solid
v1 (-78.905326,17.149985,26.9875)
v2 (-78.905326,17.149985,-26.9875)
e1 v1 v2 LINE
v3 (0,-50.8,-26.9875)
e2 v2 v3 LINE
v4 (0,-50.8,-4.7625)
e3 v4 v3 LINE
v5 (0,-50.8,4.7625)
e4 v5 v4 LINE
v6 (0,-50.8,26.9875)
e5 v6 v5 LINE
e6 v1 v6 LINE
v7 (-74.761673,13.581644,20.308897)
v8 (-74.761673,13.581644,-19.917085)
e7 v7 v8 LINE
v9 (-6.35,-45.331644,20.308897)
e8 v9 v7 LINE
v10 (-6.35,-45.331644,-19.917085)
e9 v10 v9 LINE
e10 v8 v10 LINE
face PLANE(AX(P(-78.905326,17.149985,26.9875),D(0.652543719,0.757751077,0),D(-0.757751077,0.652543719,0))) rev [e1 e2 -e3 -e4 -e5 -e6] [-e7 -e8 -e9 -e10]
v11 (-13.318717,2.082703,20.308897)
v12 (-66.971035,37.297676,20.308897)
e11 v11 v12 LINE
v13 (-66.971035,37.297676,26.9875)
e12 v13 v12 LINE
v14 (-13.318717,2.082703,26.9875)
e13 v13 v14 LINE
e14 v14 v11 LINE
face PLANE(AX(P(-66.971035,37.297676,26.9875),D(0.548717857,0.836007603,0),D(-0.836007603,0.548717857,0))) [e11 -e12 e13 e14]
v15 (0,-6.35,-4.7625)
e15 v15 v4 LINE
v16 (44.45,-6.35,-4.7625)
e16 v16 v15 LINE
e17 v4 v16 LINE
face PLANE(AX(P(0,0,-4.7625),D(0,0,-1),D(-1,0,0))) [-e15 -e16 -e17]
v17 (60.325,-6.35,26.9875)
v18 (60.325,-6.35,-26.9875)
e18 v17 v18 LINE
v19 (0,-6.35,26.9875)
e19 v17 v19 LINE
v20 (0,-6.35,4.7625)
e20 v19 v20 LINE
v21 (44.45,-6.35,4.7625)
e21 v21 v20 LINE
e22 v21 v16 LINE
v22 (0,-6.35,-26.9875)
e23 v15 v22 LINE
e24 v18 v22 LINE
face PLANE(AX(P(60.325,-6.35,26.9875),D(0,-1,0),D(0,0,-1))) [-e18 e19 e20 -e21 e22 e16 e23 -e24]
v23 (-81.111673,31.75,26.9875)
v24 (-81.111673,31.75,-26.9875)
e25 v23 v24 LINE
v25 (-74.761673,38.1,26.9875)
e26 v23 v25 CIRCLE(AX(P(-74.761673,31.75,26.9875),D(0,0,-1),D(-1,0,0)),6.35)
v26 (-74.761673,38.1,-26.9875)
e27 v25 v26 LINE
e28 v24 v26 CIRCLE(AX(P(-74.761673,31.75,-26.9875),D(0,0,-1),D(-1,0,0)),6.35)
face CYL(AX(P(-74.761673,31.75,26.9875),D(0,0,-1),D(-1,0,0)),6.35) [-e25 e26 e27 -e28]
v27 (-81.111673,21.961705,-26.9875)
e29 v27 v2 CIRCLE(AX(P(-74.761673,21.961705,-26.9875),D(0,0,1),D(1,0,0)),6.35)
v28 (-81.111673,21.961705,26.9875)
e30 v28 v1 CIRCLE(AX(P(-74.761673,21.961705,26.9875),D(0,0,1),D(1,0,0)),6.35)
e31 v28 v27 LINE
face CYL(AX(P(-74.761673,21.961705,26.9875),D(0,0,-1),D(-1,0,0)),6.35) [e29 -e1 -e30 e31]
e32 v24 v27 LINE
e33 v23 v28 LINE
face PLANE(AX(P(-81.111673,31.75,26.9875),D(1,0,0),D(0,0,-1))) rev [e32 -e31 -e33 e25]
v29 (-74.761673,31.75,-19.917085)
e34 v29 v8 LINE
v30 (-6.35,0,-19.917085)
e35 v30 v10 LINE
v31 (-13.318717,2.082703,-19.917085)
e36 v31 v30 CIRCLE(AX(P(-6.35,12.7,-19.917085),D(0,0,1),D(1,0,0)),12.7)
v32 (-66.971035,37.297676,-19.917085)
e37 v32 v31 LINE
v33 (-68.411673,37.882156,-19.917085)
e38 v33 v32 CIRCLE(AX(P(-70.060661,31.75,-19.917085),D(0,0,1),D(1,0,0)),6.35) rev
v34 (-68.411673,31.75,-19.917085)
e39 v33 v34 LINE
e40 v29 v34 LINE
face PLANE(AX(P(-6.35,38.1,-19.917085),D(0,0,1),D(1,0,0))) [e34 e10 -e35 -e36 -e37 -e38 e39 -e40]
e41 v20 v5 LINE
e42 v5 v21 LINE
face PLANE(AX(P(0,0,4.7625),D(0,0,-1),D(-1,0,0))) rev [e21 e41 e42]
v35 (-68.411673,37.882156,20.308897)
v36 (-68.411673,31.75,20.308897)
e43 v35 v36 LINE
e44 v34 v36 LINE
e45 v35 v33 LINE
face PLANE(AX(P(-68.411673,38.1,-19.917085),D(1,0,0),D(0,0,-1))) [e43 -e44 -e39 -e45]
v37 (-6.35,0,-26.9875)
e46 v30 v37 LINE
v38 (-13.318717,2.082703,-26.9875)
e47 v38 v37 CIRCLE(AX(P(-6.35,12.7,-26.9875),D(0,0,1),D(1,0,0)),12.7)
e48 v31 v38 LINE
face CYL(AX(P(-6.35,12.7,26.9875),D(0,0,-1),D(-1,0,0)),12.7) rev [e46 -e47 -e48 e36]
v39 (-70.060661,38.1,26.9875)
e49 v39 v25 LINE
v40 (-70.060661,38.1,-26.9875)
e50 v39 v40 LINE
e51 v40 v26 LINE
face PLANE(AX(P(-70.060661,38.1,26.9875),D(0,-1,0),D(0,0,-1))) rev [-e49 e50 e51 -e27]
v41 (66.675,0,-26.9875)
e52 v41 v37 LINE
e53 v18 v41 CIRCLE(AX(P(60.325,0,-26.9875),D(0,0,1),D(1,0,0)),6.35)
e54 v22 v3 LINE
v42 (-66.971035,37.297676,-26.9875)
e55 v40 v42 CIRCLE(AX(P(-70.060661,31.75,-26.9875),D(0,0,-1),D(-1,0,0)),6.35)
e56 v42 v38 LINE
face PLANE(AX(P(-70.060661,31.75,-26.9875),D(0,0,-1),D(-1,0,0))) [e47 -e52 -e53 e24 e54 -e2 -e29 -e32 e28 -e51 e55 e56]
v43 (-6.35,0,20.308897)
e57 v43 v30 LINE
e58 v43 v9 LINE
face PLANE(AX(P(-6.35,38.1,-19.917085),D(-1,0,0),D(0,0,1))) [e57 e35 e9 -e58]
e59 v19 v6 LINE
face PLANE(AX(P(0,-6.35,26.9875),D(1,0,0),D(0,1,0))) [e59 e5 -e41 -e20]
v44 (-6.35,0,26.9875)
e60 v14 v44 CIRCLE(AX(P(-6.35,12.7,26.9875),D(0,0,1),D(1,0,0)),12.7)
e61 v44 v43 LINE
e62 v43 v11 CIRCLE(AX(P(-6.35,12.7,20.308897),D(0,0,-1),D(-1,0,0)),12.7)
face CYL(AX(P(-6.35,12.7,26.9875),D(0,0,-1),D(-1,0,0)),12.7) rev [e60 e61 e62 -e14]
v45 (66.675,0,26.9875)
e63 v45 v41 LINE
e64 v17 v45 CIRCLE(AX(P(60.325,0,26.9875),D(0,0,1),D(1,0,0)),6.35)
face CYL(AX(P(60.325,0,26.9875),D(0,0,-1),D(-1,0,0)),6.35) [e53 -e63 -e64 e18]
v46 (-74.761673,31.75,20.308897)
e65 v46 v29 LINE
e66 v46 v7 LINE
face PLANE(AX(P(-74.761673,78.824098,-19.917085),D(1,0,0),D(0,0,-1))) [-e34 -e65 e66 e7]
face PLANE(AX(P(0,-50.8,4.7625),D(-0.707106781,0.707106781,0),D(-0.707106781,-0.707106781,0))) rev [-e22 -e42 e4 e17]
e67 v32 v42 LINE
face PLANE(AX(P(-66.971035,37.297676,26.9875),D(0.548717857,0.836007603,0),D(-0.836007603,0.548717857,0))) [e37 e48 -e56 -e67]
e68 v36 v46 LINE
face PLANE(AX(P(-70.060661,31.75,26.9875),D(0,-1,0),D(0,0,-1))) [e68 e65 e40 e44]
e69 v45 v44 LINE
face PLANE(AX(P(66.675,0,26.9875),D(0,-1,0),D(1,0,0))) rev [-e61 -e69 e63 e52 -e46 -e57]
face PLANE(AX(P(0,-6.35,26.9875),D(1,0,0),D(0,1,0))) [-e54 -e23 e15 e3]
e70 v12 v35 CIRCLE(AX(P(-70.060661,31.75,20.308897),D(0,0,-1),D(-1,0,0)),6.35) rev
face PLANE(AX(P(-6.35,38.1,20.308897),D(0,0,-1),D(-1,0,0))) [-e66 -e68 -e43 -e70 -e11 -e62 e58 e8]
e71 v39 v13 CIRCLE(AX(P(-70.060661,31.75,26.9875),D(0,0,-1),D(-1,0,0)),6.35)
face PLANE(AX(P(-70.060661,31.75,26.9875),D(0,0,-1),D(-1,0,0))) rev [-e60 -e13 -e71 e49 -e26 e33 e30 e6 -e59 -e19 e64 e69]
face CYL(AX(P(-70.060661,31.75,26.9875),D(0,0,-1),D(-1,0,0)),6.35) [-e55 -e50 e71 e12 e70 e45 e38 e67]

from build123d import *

# Parameters (mm, degrees)
BOSS_EXTRUDE2_DEPTH     = 26.9875
SKETCH3_W               = 62.061672923
SKETCH3_H               = 40.225982375
CUT_EXTRUDE1_DEPTH      = 39.1
CUT_EXTRUDE1_DEPTH_BACK = 51.8
SKETCH4_W               = 6.35
SKETCH4_H               = 40.225982375
CUT_EXTRUDE2_DEPTH      = 31.75
BOSS_EXTRUDE3_DEPTH     = 4.7625


with BuildPart() as part:
    # Sketch1 → Boss-Extrude2 (new body, symmetric)
    with BuildSketch(Plane.XY):
        with BuildLine():
            Line((66.675, 0), (-6.35, 0))
            ThreePointArc((-6.35, 0), (-9.986642245, 0.531810604), (-13.318716788, 2.082703436))
            Line((-13.318716788, 2.082703436), (-66.971034996, 37.297676322))
            ThreePointArc((-66.971034996, 37.297676322), (-68.46461012, 37.896146949), (-70.06066077, 38.1))
            Line((-70.06066077, 38.1), (-74.761672923, 38.1))
            ThreePointArc((-74.761672923, 38.1), (-79.251800983, 36.240128061), (-81.111672923, 31.75))
            Line((-81.111672923, 31.75), (-81.111672923, 21.961704715))
            ThreePointArc((-81.111672923, 21.961704715), (-80.533790997, 19.314979768), (-78.90532554, 17.149985376))
            Line((-78.90532554, 17.149985376), (0, -50.8))
            Line((0, -50.8), (0, -6.35))
            Line((0, -6.35), (60.325, -6.35))
            ThreePointArc((60.325, -6.35), (64.815128061, -4.490128061), (66.675, 0))
        make_face()
    extrude(amount=BOSS_EXTRUDE2_DEPTH, both=True)

    # Sketch3 → Cut-Extrude1 (cut, two sides)
    with BuildSketch(Plane(origin=(0, 0, 0), x_dir=(1, 0, 0), z_dir=(0, 1, 0))) as cut_extrude1_sk:
        with Locations((-37.380836461, -0.195905759)):
            Rectangle(SKETCH3_W, SKETCH3_H)
    extrude(amount=CUT_EXTRUDE1_DEPTH, mode=Mode.SUBTRACT)
    extrude(cut_extrude1_sk.sketch, amount=-CUT_EXTRUDE1_DEPTH_BACK, mode=Mode.SUBTRACT)

    # Sketch4 → Cut-Extrude2 (cut)
    with BuildSketch(Plane(origin=(0, 0, 0), x_dir=(1, 0, 0), z_dir=(0, 1, 0))):
        with Locations((-71.586672923, -0.195905759)):
            Rectangle(SKETCH4_W, SKETCH4_H)
    extrude(amount=CUT_EXTRUDE2_DEPTH, mode=Mode.SUBTRACT)

    # Sketch5 → Boss-Extrude3 (add, symmetric)
    with BuildSketch(Plane.XY):
        Polygon((0, -50.8), (44.45, -6.35), (0, -6.35), align=None)
    extrude(amount=BOSS_EXTRUDE3_DEPTH, both=True)


solid = part.part
